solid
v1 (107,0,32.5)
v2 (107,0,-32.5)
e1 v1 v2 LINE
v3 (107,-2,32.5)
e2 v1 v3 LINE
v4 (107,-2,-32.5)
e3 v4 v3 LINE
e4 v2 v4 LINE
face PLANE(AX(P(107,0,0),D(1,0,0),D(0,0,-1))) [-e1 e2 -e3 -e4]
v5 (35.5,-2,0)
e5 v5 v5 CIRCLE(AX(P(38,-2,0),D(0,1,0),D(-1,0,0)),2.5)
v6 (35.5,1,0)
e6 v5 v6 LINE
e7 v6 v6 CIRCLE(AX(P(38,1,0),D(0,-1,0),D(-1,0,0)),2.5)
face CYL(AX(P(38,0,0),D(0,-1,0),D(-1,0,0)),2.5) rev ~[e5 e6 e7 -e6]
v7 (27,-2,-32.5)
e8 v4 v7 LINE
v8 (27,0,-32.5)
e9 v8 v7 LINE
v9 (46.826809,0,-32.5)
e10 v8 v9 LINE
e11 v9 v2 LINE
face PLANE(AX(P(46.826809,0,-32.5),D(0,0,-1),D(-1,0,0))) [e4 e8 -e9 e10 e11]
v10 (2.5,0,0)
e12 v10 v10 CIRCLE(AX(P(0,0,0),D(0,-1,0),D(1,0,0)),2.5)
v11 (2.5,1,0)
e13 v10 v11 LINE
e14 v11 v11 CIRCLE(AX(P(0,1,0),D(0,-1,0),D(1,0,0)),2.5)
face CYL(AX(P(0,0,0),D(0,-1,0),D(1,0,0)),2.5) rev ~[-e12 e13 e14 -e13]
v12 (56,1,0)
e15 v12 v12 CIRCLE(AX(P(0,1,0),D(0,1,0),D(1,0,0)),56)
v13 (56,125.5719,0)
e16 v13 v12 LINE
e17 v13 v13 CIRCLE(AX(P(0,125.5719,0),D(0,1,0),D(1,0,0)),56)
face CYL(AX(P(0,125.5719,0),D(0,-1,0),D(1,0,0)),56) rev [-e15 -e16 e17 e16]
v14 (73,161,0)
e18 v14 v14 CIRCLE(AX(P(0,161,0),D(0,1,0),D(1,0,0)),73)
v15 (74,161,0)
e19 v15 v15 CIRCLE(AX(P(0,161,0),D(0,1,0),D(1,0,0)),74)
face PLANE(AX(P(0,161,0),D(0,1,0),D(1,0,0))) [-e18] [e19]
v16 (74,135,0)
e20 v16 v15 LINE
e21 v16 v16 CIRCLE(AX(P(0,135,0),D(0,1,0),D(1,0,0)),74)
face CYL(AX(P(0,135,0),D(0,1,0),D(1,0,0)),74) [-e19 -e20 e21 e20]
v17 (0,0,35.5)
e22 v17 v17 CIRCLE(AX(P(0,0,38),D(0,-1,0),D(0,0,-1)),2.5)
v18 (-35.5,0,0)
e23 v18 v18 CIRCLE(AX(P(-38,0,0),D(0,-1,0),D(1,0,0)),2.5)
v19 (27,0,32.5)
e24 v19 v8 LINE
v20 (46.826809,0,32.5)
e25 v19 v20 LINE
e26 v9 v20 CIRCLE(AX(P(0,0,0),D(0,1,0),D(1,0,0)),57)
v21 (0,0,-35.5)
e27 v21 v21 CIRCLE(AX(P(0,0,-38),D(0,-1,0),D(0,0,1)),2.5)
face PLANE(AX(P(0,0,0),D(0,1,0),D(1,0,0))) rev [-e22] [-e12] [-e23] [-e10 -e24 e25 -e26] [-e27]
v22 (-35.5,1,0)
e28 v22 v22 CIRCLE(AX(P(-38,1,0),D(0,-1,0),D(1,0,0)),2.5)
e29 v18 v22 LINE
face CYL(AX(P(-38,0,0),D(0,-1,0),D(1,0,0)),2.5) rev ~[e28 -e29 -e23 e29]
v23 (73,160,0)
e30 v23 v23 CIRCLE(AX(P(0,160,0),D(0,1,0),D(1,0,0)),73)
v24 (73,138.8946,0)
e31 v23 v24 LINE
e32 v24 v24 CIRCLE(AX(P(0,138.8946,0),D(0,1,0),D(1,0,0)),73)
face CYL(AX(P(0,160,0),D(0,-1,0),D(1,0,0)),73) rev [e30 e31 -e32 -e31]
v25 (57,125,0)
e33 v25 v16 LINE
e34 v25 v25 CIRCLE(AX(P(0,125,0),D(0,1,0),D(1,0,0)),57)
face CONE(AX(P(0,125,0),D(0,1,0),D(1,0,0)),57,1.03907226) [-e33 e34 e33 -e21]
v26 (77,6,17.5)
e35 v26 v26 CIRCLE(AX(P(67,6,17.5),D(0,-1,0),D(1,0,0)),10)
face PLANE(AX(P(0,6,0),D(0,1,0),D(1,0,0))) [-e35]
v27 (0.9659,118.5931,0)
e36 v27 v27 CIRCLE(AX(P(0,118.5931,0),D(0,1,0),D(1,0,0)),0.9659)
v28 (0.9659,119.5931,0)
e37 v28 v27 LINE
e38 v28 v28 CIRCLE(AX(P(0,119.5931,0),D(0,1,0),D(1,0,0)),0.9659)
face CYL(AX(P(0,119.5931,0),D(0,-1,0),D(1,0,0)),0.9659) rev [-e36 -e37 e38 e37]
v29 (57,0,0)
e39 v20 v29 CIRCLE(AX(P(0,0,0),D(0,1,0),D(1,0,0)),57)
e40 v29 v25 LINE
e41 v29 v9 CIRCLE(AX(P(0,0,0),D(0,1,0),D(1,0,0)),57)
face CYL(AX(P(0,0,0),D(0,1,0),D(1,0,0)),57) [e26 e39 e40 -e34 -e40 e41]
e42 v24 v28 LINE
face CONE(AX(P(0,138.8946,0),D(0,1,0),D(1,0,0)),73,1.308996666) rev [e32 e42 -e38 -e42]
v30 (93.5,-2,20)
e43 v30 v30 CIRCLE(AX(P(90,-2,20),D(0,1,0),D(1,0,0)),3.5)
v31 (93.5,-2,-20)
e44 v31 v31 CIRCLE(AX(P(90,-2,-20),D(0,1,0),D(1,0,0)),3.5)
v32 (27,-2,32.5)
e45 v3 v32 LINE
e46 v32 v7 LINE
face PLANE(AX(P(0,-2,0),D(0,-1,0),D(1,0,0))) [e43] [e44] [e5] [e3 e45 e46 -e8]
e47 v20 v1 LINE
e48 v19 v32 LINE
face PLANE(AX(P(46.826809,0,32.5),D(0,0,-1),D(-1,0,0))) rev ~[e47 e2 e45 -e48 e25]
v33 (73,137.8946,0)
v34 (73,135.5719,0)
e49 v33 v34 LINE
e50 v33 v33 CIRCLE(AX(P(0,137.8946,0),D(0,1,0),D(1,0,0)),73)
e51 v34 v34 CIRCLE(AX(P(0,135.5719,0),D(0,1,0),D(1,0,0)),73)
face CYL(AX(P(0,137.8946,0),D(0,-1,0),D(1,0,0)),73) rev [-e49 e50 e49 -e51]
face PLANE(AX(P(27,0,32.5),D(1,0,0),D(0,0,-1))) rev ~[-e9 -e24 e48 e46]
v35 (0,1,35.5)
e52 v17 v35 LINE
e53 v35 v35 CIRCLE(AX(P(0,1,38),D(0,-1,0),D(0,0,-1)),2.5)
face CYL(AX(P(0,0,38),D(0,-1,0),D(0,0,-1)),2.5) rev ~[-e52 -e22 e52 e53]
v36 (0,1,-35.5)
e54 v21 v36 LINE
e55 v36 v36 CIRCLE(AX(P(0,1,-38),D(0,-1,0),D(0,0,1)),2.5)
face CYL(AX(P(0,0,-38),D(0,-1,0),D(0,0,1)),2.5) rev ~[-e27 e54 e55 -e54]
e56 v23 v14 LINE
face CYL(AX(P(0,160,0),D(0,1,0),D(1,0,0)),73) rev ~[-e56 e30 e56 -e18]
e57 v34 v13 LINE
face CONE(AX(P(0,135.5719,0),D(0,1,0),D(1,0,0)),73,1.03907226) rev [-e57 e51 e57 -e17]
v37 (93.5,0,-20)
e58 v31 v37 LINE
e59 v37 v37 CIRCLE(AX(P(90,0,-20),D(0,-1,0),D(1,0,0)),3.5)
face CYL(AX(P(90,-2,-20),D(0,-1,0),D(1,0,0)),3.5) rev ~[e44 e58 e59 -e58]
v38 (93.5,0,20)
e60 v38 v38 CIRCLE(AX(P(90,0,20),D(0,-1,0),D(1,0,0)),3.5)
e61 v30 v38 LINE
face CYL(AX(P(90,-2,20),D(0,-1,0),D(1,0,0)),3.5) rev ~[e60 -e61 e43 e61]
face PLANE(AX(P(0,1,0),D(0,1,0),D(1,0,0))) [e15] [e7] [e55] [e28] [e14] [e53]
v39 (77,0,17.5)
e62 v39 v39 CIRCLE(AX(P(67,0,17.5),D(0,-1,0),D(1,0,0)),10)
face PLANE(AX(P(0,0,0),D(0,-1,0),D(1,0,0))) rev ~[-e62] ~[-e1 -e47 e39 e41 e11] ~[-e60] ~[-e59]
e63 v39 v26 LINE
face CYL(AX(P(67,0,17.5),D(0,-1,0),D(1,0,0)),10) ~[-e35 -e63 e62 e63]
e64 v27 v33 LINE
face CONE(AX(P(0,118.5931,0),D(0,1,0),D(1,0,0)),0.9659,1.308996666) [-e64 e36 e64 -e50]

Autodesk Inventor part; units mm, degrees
ref_plane "YZ Plane" through (0, 0, 0) normal (1, 0, 0) x (0, 1, 0)
ref_plane "XZ Plane" through (0, 0, 0) normal (0, 1, 0) x (-1, 0, 0)
ref_plane "XY Plane" through (0, 0, 0) normal (0, 0, 1) x (1, 0, 0)
sketch "Esboço2" plane through (0, 0, 0) normal (0, 0, 1) x (1, 0, 0)
  line L0 (0, 0) -> (57, 0)
  line L1 (57, 0) -> (57, 125)
  line L2 (74, 135) -> (74, 161)
  line L3 (74, 161) -> (73, 161)
  line L4 (57, 125) -> (74, 135)
  line L5 (73, 135.5719) -> (56, 125.5719)
  line L6 (56, 125.5719) -> (56, 1)
  line L7 (56, 1) -> (1, 1)
  line L8 (1, 1) -> (0, 1)
  line L9 (0, 1) -> (0, 0)
  line L10 (0, 45.3298) -> (0, 108.1085)
  line L11 (73, 160) -> (73, 161)
  line L12 (73, 138.8946) -> (0.9659, 119.5931)
  line L13 (73, 138.8946) -> (148.5752, 138.8946) construction
  line L14 (0.9659, 118.5931) -> (73, 137.8946)
  line L15 (73, 160) -> (73, 138.8946)
  line L16 (73, 137.8946) -> (73, 135.5719)
  line L17 (0.9659, 119.5931) -> (0.9659, 118.5931)
  dimension "d0" = 57
  dimension "d1" = 125
  dimension "d5" = 26
  dimension "d8" = 1
  dimension "d9" = 165
revolve "Revolução1" add sketch "Esboço2" angle 360 about axis through (0, 45.3298, 0) along (0, 1, 0)
sketch "Esboço3" plane through (0, 0, 0) normal (0, -1, 0) x (1, 0, 0)
  circle A0 centre (0, 0) radius 2.5
  dimension "d13" = 5
extrude "Extrusão1" cut sketch "Esboço3" against normal blind 10
sketch "Esboço4" plane through (0, 0, 0) normal (0, -1, 0) x (1, 0, 0)
  circle A0 centre (0, 0) radius 57 projected
  line L0 (107, 0) -> (107, 32.5)
  line L1 (107, 32.5) -> (107, -32.5)
  line L2 (107, -32.5) -> (27, -32.5)
  line L3 (27, -32.5) -> (107, -32.5)
  line L4 (107, -32.5) -> (107, 32.5)
  line L5 (107, 32.5) -> (27, 32.5)
  line L6 (27, 32.5) -> (27, -32.5)
  point P0 (0, 0)
  dimension "d17" = 32.5
  dimension "d18" = 65
  dimension "d19" = 80
extrude "Extrusão2" add sketch "Esboço4" along normal blind 2 contours A0 L2 L6 L5 | A0 L5 L0 L1 L2 picked at (37, 0)
sketch "Esboço5" plane through (27, 0, 32.5) normal (0, -1, 0) x (1, 0, 0)
  circle A0 centre (-27, -32.5) radius 2.5 projected
  line L0 (-27, -32.5) -> (-65, -32.5)
  circle A1 centre (-65, -32.5) radius 2.5
  dimension "d22" = 38
  dimension "d23" = 5
extrude "Extrusão3" cut sketch "Esboço5" along normal mid plane 6 contours A1
pattern_circular "Padrão circular1" count 4 over 360 about axis through (0, 0, 0) along (0, 1, 0) of "Extrusão3"
sketch "Esboço6" plane through (0, -2, 0) normal (0, -1, 0) x (1, 0, 0)
  line L0 (107, -32.5) -> (107, 32.5) projected
  line L1 (107, 0) -> (90, 0)
  line L2 (90, 0) -> (90, 20)
  line L3 (90, 0) -> (90, -20)
  circle A0 centre (90, -20) radius 3.5
  circle A1 centre (90, 20) radius 3.5
  point P0 (0, 0)
  dimension "d29" = 17
  dimension "d30" = 20
  dimension "d31" = 20
  dimension "d32" = 7
  dimension "d33" = 7
extrude "Extrusão4" cut sketch "Esboço6" against normal blind 6
sketch "Esboço7" plane through (0, 0, 0) normal (0, 1, 0) x (1, 0, 0)
  arc A0 (46.8268, -32.5) -> (46.8268, 32.5) centre (0, 0) ccw projected
  line L0 (57, 0) -> (57, -32.5)
  line L1 (46.8268, -32.5) -> (107, -32.5) projected
  line L2 (57, 0) -> (89.5, 0) construction
  line L3 (57, -32.5) -> (57, -27.5)
  line L4 (57, -27.5) -> (77, -27.5)
  line L5 (77, -27.5) -> (77, -17.5)
  line L6 (77, -17.5) -> (67, -17.5)
  circle A1 centre (67, -17.5) radius 10
  point P0 (0, 0)
  dimension "d36" = 90
  dimension "d37" = 5
  dimension "d38" = 20
  dimension "d39" = 10
  dimension "d40" = 10
extrude "Extrusão5" add sketch "Esboço7" along normal blind 6 contours A1
properties part number "pluviometro"
